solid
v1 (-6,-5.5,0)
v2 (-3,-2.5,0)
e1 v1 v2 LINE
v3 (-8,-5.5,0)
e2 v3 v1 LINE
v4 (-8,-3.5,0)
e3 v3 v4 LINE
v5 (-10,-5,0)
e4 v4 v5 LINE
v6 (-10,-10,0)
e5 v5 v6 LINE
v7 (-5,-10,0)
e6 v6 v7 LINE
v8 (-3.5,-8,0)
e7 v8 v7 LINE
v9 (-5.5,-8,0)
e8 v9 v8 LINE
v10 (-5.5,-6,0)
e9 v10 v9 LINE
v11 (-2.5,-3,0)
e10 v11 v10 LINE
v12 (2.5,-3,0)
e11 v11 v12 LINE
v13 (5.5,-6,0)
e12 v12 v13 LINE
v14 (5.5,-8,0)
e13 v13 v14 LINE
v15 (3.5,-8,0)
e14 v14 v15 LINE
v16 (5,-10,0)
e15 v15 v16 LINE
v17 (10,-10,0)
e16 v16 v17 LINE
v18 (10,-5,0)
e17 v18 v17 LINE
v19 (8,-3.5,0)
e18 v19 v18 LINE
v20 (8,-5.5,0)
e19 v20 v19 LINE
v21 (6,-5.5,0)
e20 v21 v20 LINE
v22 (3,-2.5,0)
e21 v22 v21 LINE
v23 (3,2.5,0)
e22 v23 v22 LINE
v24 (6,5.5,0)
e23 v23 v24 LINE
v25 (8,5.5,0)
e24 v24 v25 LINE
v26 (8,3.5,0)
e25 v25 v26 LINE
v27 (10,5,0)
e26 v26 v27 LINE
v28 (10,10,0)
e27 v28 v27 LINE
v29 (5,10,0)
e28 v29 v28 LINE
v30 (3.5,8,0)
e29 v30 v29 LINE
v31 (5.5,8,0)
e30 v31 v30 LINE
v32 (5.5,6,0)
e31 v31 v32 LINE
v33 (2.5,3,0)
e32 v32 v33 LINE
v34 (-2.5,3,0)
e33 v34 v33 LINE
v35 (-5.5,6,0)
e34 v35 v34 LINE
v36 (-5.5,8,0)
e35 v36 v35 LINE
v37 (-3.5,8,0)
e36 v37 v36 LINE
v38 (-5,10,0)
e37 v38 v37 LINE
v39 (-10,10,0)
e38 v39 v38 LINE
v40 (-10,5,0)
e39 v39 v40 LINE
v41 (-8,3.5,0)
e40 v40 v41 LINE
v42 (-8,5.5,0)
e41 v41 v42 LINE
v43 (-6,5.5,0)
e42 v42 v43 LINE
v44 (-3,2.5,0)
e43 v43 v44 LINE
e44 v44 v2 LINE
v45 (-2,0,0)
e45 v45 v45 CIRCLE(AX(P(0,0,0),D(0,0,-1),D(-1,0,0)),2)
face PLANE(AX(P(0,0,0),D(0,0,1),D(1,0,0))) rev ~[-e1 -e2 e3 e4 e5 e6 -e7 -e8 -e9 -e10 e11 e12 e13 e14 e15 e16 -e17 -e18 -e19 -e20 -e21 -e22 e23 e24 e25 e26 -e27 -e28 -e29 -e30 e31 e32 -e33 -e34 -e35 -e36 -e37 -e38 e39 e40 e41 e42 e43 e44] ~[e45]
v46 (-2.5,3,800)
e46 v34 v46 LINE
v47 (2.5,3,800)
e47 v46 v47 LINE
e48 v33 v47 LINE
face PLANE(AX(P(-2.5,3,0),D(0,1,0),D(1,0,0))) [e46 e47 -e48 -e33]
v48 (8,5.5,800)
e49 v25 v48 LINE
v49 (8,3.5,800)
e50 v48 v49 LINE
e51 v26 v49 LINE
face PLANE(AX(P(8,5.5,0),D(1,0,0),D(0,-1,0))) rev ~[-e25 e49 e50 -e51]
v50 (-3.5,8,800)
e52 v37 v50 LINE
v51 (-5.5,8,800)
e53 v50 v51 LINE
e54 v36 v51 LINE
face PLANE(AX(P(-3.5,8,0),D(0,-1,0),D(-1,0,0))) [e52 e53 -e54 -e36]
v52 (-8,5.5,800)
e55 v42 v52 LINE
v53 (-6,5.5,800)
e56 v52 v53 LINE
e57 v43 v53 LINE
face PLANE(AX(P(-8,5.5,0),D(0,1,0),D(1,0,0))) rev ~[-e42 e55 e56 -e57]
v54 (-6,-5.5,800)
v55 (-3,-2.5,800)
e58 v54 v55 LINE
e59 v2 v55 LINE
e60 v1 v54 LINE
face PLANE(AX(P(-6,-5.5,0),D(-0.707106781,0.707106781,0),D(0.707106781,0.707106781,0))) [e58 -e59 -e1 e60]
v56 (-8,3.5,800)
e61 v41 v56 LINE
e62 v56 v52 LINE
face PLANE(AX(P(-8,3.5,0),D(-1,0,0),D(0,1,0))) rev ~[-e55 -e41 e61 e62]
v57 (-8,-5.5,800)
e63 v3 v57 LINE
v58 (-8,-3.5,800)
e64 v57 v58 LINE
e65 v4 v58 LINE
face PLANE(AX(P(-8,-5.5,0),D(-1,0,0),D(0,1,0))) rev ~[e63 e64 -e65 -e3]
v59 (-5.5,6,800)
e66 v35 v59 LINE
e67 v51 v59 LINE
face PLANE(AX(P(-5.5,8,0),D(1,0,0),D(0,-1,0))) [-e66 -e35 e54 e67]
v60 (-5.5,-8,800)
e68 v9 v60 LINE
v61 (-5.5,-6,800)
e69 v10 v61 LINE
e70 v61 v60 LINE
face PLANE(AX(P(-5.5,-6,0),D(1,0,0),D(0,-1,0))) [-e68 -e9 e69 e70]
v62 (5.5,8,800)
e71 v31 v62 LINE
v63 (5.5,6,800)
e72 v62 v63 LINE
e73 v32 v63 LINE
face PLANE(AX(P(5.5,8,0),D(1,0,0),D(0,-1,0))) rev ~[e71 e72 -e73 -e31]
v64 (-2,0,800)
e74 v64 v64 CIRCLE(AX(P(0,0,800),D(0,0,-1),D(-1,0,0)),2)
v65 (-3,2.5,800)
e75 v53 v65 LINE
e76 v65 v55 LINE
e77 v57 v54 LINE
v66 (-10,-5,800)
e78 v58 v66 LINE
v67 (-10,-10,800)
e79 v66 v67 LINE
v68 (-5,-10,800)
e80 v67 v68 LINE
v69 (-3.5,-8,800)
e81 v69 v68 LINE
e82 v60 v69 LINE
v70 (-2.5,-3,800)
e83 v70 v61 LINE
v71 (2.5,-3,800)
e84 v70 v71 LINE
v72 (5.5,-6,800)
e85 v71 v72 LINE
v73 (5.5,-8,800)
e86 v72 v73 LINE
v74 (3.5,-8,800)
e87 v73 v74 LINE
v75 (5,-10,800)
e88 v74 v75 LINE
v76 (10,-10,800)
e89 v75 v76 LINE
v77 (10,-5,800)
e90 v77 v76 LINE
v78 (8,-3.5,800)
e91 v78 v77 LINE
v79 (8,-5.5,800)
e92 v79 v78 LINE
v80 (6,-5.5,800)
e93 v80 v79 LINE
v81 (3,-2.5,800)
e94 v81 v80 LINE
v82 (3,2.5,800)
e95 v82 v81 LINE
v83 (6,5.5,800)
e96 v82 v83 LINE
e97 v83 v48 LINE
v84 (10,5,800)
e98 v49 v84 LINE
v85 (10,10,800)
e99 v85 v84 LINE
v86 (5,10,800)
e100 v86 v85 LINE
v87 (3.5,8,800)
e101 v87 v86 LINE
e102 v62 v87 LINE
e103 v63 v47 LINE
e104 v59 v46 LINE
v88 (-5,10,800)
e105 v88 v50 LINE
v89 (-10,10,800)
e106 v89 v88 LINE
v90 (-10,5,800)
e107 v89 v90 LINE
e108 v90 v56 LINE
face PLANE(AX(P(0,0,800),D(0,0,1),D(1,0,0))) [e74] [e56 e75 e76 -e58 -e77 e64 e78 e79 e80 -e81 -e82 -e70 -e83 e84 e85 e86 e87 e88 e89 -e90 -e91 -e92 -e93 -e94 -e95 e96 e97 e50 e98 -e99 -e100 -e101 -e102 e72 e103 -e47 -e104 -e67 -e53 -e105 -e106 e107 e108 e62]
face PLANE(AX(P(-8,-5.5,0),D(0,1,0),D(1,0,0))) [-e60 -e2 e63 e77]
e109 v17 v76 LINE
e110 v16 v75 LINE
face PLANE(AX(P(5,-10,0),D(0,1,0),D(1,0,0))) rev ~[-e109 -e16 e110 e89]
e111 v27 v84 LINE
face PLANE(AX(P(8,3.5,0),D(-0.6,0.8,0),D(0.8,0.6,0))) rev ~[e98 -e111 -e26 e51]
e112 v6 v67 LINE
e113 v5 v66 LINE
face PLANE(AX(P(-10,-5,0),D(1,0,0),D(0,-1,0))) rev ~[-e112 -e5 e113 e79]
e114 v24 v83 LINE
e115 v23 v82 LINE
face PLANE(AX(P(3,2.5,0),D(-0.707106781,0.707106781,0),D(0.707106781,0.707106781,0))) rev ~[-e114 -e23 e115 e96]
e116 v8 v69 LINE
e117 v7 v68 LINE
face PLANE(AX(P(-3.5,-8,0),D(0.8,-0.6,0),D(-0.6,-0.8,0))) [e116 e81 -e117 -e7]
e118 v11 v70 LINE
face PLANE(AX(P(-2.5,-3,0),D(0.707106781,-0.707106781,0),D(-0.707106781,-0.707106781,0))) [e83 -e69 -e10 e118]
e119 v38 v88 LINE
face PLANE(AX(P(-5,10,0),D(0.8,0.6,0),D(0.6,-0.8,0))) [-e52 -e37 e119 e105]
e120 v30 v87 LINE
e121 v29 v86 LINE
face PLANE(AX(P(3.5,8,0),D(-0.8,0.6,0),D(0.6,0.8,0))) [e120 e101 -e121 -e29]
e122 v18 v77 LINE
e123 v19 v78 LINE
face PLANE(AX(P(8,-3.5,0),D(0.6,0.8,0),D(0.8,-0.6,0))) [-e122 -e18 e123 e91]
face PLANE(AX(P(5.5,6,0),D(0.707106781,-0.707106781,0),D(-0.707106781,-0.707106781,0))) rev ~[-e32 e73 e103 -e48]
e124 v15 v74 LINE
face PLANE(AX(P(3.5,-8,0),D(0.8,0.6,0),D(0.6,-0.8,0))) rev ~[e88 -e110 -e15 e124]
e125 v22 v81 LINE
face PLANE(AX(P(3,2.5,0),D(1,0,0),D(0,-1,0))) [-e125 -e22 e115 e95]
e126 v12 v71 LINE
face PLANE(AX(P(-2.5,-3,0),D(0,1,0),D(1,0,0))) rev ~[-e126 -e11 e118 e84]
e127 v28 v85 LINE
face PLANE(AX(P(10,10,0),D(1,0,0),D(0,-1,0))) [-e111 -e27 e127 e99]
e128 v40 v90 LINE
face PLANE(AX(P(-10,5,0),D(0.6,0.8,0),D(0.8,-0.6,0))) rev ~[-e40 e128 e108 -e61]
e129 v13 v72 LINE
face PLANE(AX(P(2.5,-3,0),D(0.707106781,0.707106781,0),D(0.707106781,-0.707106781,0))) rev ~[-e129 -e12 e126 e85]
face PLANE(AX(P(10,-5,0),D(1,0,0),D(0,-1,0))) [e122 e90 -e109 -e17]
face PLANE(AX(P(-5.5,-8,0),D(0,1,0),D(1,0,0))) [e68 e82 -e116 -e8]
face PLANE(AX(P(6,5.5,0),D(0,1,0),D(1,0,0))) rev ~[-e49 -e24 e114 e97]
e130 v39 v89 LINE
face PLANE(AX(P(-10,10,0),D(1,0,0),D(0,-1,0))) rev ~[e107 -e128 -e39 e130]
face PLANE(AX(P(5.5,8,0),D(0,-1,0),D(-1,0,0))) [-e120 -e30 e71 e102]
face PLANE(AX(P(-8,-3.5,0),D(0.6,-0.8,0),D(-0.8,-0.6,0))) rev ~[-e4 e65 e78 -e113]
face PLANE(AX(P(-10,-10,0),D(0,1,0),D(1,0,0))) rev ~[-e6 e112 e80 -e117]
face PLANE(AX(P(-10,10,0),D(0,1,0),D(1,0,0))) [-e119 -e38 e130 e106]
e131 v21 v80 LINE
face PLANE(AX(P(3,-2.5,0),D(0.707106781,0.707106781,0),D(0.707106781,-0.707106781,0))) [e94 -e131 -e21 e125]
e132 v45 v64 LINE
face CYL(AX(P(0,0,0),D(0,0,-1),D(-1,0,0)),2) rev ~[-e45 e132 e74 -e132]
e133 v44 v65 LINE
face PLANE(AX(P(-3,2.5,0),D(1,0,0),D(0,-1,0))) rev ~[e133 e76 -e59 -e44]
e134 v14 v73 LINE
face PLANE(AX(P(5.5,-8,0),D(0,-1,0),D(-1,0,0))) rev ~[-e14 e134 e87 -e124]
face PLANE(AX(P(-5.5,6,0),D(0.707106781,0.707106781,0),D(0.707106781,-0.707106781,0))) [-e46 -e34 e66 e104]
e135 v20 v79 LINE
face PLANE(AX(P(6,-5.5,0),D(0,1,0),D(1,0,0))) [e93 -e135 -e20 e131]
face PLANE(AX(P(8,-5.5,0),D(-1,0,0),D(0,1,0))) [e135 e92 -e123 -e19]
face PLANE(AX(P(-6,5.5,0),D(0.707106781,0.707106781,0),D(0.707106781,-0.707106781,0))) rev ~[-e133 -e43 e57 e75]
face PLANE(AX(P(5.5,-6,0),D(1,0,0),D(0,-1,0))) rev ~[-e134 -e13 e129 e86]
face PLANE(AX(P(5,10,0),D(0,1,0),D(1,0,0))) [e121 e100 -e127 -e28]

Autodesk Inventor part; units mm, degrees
ref_plane "YZ Plane" through (0, 0, 0) normal (1, 0, 0) x (0, 1, 0)
ref_plane "XZ Plane" through (0, 0, 0) normal (0, 1, 0) x (-1, 0, 0)
ref_plane "XY Plane" through (0, 0, 0) normal (0, 0, 1) x (1, 0, 0)
sketch "Sketch1" plane through (0, 0, 0) normal (0, 0, 1) x (1, 0, 0)
  line L0 (-5, 10) -> (-3.5, 8)
  line L1 (-3.5, 8) -> (-5.5, 8)
  line L2 (5.5, 8) -> (3.5, 8)
  line L3 (3.5, 8) -> (5, 10)
  line L4 (-5.5, 8) -> (-5.5, 6)
  line L5 (5.5, 8) -> (5.5, 6)
  line L6 (-5.5, 6) -> (-2.5, 3)
  line L7 (5.5, 6) -> (2.5, 3)
  line L8 (-2.5, 3) -> (2.5, 3)
  line L9 (-10, 10) -> (-5, 10)
  line L10 (5, 10) -> (10, 10)
  line L11 (3, 2.5) -> (3, -2.5)
  line L12 (3, -2.5) -> (6, -5.5)
  line L13 (6, -5.5) -> (8, -5.5)
  line L14 (8, -5.5) -> (8, -3.5)
  line L15 (8, -3.5) -> (10, -5)
  line L16 (3, 2.5) -> (6, 5.5)
  line L17 (6, 5.5) -> (8, 5.5)
  line L18 (8, 5.5) -> (8, 3.5)
  line L19 (8, 3.5) -> (10, 5)
  line L20 (10, 10) -> (10, 5)
  line L21 (10, -5) -> (10, -10)
  line L22 (-10, 5) -> (-8, 3.5)
  line L23 (-8, 3.5) -> (-8, 5.5)
  line L24 (-8, -5.5) -> (-8, -3.5)
  line L25 (-8, -3.5) -> (-10, -5)
  line L26 (-8, 5.5) -> (-6, 5.5)
  line L27 (-8, -5.5) -> (-6, -5.5)
  line L28 (-6, 5.5) -> (-3, 2.5)
  line L29 (-6, -5.5) -> (-3, -2.5)
  line L30 (-3, 2.5) -> (-3, -2.5)
  line L31 (-10, 10) -> (-10, 5)
  line L32 (-10, -5) -> (-10, -10)
  line L33 (-2.5, -3) -> (2.5, -3)
  line L34 (2.5, -3) -> (5.5, -6)
  line L35 (5.5, -6) -> (5.5, -8)
  line L36 (5.5, -8) -> (3.5, -8)
  line L37 (3.5, -8) -> (5, -10)
  line L38 (-2.5, -3) -> (-5.5, -6)
  line L39 (-5.5, -6) -> (-5.5, -8)
  line L40 (-5.5, -8) -> (-3.5, -8)
  line L41 (-3.5, -8) -> (-5, -10)
  line L42 (-10, -10) -> (-5, -10)
  line L43 (5, -10) -> (10, -10)
  point P0 (0, 0)
  point P1 (0, 0)
  point P2 (0, 0)
  dimension "d0" = 20
  dimension "d1" = 20
  dimension "d3" = 2
  dimension "d4" = 2
  dimension "d6" = 1.5
  dimension "d7" = 2
  dimension "d8" = 2
  dimension "d9" = 3
  dimension "d11" = 3
  dimension "d12" = 3
  dimension "d13" = 5
  dimension "d22" = 5
  dimension "d24" = 3
  dimension "d25" = 3
  dimension "d26" = 2
  dimension "d27" = 5
  dimension "d28" = 2
  dimension "d29" = 2
  dimension "d30" = 1.5
  dimension "d31" = 3
  dimension "d32" = 5
  dimension "d33" = 5
  dimension "d35" = 5
  dimension "d36" = 5
  dimension "d37" = 5
  dimension "d38" = 5
  dimension "d40" = 3
  dimension "d41" = 3
  dimension "d42" = 2
  dimension "d43" = 2
  dimension "d48" = 3
  dimension "d49" = 3
  dimension "d50" = 3
  dimension "d51" = 3
  dimension "d52" = 0.5
  dimension "d53" = 0.5
  dimension "d54" = 0.5
  dimension "d55" = 0.5
  dimension "d56" = 0.5
extrude "Extrusion3" add sketch "Sketch1" along normal blind 800
sketch "Sketch3" plane through (0, 0, 0) normal (0, 0, -1) x (-1, 0, 0)
  circle A0 centre (0, 0) radius 2
  dimension "d59" = 4
extrude "Extrusion4" cut sketch "Sketch3" against normal through all
properties part number "20x20x100 Aluminium VSlot Extrustion"
